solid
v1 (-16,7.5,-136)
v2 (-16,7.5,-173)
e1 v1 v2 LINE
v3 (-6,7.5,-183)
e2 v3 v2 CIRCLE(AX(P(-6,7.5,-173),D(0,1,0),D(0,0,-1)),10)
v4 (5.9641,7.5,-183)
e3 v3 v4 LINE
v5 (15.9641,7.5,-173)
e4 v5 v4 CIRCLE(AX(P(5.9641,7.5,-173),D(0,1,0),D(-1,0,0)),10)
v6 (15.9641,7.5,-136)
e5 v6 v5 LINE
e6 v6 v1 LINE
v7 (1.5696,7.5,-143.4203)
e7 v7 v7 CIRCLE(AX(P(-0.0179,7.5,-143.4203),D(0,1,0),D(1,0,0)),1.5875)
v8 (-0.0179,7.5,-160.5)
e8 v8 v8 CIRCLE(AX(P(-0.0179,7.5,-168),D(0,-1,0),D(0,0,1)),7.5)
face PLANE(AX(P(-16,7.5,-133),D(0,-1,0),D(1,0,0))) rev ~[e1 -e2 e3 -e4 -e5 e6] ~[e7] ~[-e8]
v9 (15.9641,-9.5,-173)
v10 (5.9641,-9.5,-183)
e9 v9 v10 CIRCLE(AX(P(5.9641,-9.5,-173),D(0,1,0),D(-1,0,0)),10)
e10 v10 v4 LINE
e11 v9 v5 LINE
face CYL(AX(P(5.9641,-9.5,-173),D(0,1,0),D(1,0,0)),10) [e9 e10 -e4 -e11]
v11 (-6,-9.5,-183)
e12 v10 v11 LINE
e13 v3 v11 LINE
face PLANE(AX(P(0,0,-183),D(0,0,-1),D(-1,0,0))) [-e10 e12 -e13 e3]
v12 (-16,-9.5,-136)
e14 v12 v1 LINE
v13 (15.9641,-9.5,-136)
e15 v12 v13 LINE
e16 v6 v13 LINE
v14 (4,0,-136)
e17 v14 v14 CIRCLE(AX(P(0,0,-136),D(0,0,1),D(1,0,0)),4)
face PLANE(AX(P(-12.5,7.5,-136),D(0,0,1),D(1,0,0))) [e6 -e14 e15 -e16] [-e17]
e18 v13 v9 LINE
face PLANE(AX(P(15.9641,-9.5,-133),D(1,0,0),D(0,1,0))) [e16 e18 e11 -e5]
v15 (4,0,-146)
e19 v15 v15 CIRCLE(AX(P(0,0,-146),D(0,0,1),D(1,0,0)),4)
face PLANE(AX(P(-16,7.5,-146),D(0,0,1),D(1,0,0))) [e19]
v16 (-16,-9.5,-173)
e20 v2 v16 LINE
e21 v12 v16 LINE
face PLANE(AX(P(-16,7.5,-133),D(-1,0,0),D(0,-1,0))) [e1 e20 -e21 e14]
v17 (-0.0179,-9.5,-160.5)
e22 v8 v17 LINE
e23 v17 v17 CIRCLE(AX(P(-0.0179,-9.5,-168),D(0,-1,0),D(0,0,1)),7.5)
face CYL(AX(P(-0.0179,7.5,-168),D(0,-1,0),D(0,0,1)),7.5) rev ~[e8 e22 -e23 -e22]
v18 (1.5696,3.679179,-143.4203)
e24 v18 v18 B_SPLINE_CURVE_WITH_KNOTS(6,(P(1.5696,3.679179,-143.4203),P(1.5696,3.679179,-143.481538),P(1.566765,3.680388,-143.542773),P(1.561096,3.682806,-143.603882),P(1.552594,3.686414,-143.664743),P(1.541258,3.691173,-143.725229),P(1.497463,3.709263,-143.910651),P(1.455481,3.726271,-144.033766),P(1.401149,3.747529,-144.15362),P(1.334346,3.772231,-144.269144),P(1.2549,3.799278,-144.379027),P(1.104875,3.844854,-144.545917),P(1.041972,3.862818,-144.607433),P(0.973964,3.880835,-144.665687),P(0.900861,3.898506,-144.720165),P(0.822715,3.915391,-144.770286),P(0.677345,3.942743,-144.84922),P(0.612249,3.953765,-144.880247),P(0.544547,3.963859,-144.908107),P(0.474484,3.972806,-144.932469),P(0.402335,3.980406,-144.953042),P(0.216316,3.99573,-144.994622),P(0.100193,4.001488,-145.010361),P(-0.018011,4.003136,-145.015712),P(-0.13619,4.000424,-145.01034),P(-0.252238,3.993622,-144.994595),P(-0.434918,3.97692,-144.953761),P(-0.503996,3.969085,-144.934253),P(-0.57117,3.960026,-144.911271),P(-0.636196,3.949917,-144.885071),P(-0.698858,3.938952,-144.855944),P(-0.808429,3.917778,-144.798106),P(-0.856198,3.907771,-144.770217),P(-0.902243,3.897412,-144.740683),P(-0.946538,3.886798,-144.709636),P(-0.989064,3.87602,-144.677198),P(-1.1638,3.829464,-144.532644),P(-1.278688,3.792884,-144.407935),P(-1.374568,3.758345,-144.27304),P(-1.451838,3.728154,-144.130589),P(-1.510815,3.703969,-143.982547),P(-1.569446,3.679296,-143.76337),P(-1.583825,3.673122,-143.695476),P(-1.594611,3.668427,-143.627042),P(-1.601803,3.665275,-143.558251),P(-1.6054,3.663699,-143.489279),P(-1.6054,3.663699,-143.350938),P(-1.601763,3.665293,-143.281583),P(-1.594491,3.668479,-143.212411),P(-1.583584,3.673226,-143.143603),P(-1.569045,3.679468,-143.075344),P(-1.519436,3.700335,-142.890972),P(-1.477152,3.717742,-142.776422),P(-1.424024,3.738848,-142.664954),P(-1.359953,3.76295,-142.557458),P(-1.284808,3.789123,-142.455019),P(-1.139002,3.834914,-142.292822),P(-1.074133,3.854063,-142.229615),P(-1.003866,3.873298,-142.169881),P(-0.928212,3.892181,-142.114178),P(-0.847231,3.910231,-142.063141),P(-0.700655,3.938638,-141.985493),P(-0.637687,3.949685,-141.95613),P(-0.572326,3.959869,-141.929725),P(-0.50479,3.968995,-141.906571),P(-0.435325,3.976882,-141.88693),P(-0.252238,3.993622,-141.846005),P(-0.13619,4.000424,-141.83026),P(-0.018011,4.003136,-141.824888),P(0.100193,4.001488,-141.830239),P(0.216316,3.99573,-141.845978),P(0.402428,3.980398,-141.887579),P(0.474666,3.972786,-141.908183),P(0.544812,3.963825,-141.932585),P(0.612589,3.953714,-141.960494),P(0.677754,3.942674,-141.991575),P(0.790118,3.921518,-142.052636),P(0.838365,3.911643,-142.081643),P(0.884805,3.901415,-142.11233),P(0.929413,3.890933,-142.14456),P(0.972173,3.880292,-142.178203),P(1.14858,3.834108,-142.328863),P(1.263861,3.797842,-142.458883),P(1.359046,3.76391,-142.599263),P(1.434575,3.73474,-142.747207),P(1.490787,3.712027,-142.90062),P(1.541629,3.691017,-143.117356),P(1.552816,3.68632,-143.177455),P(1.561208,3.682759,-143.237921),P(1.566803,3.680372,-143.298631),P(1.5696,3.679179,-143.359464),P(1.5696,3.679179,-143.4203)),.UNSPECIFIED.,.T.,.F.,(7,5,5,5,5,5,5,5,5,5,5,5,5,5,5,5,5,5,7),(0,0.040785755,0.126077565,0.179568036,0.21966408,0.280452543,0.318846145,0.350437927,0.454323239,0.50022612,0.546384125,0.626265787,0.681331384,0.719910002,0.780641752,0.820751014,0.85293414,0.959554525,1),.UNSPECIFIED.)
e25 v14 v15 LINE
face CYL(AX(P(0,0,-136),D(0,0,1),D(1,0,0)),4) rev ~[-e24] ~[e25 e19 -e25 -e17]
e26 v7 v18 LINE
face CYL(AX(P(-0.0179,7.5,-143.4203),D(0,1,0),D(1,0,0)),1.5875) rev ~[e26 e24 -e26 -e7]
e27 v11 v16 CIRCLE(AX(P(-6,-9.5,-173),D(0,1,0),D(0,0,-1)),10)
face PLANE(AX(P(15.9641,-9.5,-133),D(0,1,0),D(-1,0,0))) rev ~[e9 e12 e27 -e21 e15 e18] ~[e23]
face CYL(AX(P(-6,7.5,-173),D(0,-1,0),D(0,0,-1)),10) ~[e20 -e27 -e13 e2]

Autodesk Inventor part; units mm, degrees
ref_plane "YZ Plane" through (0, 0, 0) normal (1, 0, 0) x (0, 1, 0)
ref_plane "XZ Plane" through (0, 0, 0) normal (0, 1, 0) x (-1, 0, 0)
ref_plane "XY Plane" through (0, 0, 0) normal (0, 0, 1) x (1, 0, 0)
sketch "Sketch1" plane through (0, 0, 0) normal (0, 0, 1) x (1, 0, 0)
  circle A0 centre (0, 0) radius 7.5
  line L0 (-16, 7.5) -> (16, 7.5)
  line L1 (16, 7.5) -> (16, -9.5)
  line L2 (16, -9.5) -> (-16, -9.5)
  line L3 (-16, -9.5) -> (-16, 7.5)
  line L4 (-7.5, 0) -> (-7.5, 7.5)
  line L5 (7.5, 0) -> (7.5, 7.5)
  point P0 (0, -9.5)
  dimension "d0" = 15
  dimension "d5" = 32
  dimension "d6" = 2
extrude "Extrusion1" add sketch "Sketch1" along normal blind 24.2 contours A0 L5 L0 L1 L2 L3 L4
sketch "Sketch2" plane through (0, 0, 24.2) normal (0, 0, 1) x (1, 0, 0)
  line L0 (-16, -9.5) -> (16, -9.5) projected
  line L1 (16, -9.5) -> (16, 7.5) projected
  line L2 (16, 7.5) -> (7.5, 7.5) projected
  line L3 (7.5, 7.5) -> (7.5, 0) projected
  arc A0 (-7.5, 0) -> (7.5, 0) centre (0, 0) ccw projected
  line L4 (-7.5, 0) -> (-7.5, 7.5) projected
  line L5 (-7.5, 7.5) -> (-16, 7.5) projected
  line L6 (-16, 7.5) -> (-16, -9.5) projected
  circle A1 centre (0, 0) radius 4.25
  line L7 (-7.5, 7.5) -> (-16, 7.5) projected
  line L8 (-7.5, 7.5) -> (7.5, 7.5)
  dimension "d10" = 8.5
extrude "Extrusion3" add sketch "Sketch2" along normal blind 3
sketch "Sketch4" plane through (0, 0, 0) normal (0, 0, -1) x (-1, 0, 0)
  line L0 (-16, 7.5) -> (-7.5, 7.5) projected
  line L1 (-16, -9.5) -> (-16, 7.5) projected
  line L2 (16, -9.5) -> (-16, -9.5) projected
  line L3 (16, 7.5) -> (16, -9.5) projected
  line L4 (7.5, 7.5) -> (16, 7.5) projected
  line L5 (-7.5, 7.5) -> (7.5, 7.5) projected
  circle A0 centre (0, 0) radius 4.25 projected
extrude "Extrusion4" add sketch "Sketch4" along normal blind 3
sketch "Sketch5" plane through (0, 0, -3) normal (0, 0, -1) x (-1, 0, 0)
  line L0 (16, 7.5) -> (-16, 7.5) projected
  line L1 (16, -9.5) -> (16, 7.5) projected
  line L2 (-16, -9.5) -> (16, -9.5) projected
  line L3 (-16, 7.5) -> (-16, -9.5) projected
  circle A0 centre (0, 0) radius 7.5
  arc A1 (-7.5, 0) -> (7.5, 0) centre (0, 0) ccw projected
  line L4 (7.5, 0) -> (7.5, 7.5)
  line L5 (-16, 7.5) -> (16, 7.5) projected
  line L6 (-7.5, 7.5) -> (-7.5, 0) projected
  line L7 (-7.5, 0) -> (-7.5, 7.5)
extrude "Extrusion5" add sketch "Sketch5" along normal blind 130 contours L1 L2 L3 L0 L6 A0 L4
sketch "Sketch6" plane through (0, 0, -133) normal (0, 0, -1) x (-1, 0, 0)
  line L0 (0, 0) -> (0, -9.5) construction
  line L1 (16, -9.5) -> (-16, -9.5) construction
  line L2 (-16, 7.5) -> (-16, -9.5) construction
  point P0 (-12.5, -6)
  point P1 (12.5, -6)
  dimension "d17" = 3.5
  dimension "d18" = 3.5
hole "Hole1" at (12.5, -6, -133) at (-12.5, -6, -133) direction (0, 0, 1) diameter 2.3813 depth 10 tip angle 118
sketch "Sketch7" plane through (-16, 7.5, 27.2) normal (0, 1, 0) x (1, 0, 0)
  line L0 (16, 0) -> (16, 160.2) construction
  line L1 (32, 160.2) -> (0, 160.2) projected
  line L2 (0, 160.2) -> (0, 0) projected
  line L3 (32, 0) -> (0, 0) projected
  point P0 (16, 27.2)
  point P1 (3.5, 3.5)
  point P2 (3.5, 33.5)
  point P3 (3.5, 63.5)
  point P4 (3.5, 93.5)
  point P5 (3.5, 123.5)
  point P6 (3.5, 145.2)
  point P7 (28.5, 3.5)
  point P8 (28.5, 33.5)
  point P9 (28.5, 63.5)
  point P10 (28.5, 93.5)
  point P11 (28.5, 123.5)
  point P12 (28.5, 145.2)
  dimension "d27" = 3.5
  dimension "d44" = 30
  dimension "d49" = 3.5
  dimension "d50" = 15
hole "Hole3" at (-12.5, 7.5, 23.7) at (-12.5, 7.5, -6.3) at (-12.5, 7.5, -36.3) at (-12.5, 7.5, -66.3) at (-12.5, 7.5, -96.3) at (-12.5, 7.5, -118) at (12.5, 7.5, 23.7) at (12.5, 7.5, -6.3) at (12.5, 7.5, -36.3) at (12.5, 7.5, -66.3) at (12.5, 7.5, -96.3) at (12.5, 7.5, -118) direction (0, -1, 0) diameter 3.175 end through all
sketch "Sketch8" plane through (-16, -9.5, 27.2) normal (0, -1, 0) x (1, 0, 0)
  circle A0 centre (28.5, -3.5) radius 1.5875 projected
  line L0 (30.2321, -6.5) -> (26.7679, -6.5)
  line L1 (26.7679, -6.5) -> (25.0359, -3.5)
  line L2 (25.0359, -3.5) -> (26.7679, -0.5)
  line L3 (26.7679, -0.5) -> (30.2321, -0.5)
  line L4 (30.2321, -0.5) -> (31.9641, -3.5)
  line L5 (31.9641, -3.5) -> (30.2321, -6.5)
  line L6 (5.2321, -6.5) -> (1.7679, -6.5)
  line L7 (1.7679, -0.5) -> (5.2321, -0.5)
  line L8 (5.2321, -0.5) -> (6.9641, -3.5)
  line L9 (6.9641, -3.5) -> (5.2321, -6.5)
  line L10 (1.7679, -6.5) -> (0.0359, -3.5)
  line L11 (0.0359, -3.5) -> (1.7679, -0.5)
  line L12 (0, 0) -> (0, -160.2) projected
  line L13 (1.7679, -36.5) -> (0.0359, -33.5)
  line L14 (0.0359, -33.5) -> (1.7679, -30.5)
  line L15 (1.7679, -30.5) -> (5.2321, -30.5)
  line L16 (5.2321, -30.5) -> (6.9641, -33.5)
  line L17 (6.9641, -33.5) -> (5.2321, -36.5)
  line L18 (25.0359, -33.5) -> (26.7679, -30.5)
  line L19 (26.7679, -36.5) -> (25.0359, -33.5)
  line L20 (30.2321, -36.5) -> (26.7679, -36.5)
  line L21 (31.9641, -33.5) -> (30.2321, -36.5)
  line L22 (30.2321, -30.5) -> (31.9641, -33.5)
  line L23 (26.7679, -30.5) -> (30.2321, -30.5)
  line L24 (1.7679, -66.5) -> (0.0359, -63.5)
  line L25 (0.0359, -63.5) -> (1.7679, -60.5)
  line L26 (1.7679, -60.5) -> (5.2321, -60.5)
  line L27 (5.2321, -60.5) -> (6.9641, -63.5)
  line L28 (6.9641, -63.5) -> (5.2321, -66.5)
  line L29 (25.0359, -63.5) -> (26.7679, -60.5)
  line L30 (26.7679, -66.5) -> (25.0359, -63.5)
  line L31 (30.2321, -66.5) -> (26.7679, -66.5)
  line L32 (31.9641, -63.5) -> (30.2321, -66.5)
  line L33 (30.2321, -60.5) -> (31.9641, -63.5)
  line L34 (26.7679, -60.5) -> (30.2321, -60.5)
  line L35 (1.7679, -96.5) -> (0.0359, -93.5)
  line L36 (0.0359, -93.5) -> (1.7679, -90.5)
  line L37 (1.7679, -90.5) -> (5.2321, -90.5)
  line L38 (5.2321, -90.5) -> (6.9641, -93.5)
  line L39 (6.9641, -93.5) -> (5.2321, -96.5)
  line L40 (25.0359, -93.5) -> (26.7679, -90.5)
  line L41 (26.7679, -96.5) -> (25.0359, -93.5)
  line L42 (30.2321, -96.5) -> (26.7679, -96.5)
  line L43 (31.9641, -93.5) -> (30.2321, -96.5)
  line L44 (30.2321, -90.5) -> (31.9641, -93.5)
  line L45 (26.7679, -90.5) -> (30.2321, -90.5)
  line L46 (1.7679, -126.5) -> (0.0359, -123.5)
  line L47 (0.0359, -123.5) -> (1.7679, -120.5)
  line L48 (1.7679, -120.5) -> (5.2321, -120.5)
  line L49 (5.2321, -120.5) -> (6.9641, -123.5)
  line L50 (6.9641, -123.5) -> (5.2321, -126.5)
  line L51 (25.0359, -123.5) -> (26.7679, -120.5)
  line L52 (26.7679, -126.5) -> (25.0359, -123.5)
  line L53 (30.2321, -126.5) -> (26.7679, -126.5)
  line L54 (31.9641, -123.5) -> (30.2321, -126.5)
  line L55 (30.2321, -120.5) -> (31.9641, -123.5)
  line L56 (26.7679, -120.5) -> (30.2321, -120.5)
  line L57 (5.2321, -36.5) -> (1.7679, -36.5)
  line L58 (5.2321, -66.5) -> (1.7679, -66.5)
  line L59 (5.2321, -96.5) -> (1.7679, -96.5)
  line L60 (5.2321, -126.5) -> (1.7679, -126.5)
  line L61 (30.2321, -148) -> (26.7679, -148)
  line L62 (31.9641, -145) -> (30.2321, -148)
  line L63 (30.2321, -142) -> (31.9641, -145)
  line L64 (26.7679, -142) -> (30.2321, -142)
  line L65 (25.0359, -145) -> (26.7679, -142)
  line L66 (26.7679, -148) -> (25.0359, -145)
  line L67 (5.2321, -142) -> (6.9641, -145)
  line L68 (6.9641, -145) -> (5.2321, -148)
  line L69 (5.2321, -148) -> (1.7679, -148)
  line L70 (1.7679, -148) -> (0.0359, -145)
  line L71 (0.0359, -145) -> (1.7679, -142)
  line L72 (1.7679, -142) -> (5.2321, -142)
  point P0 (16, -27.2)
  point P1 (1.7679, -126.5)
  point P2 (5.2321, -126.5)
  dimension "d58" = 6
  dimension "d61" = 25
  dimension "d68" = 30
  dimension "d75" = 30
  dimension "d82" = 21.5
extrude "Extrusion6" cut sketch "Sketch8" against normal blind 4 contours A0 | L0 L1 L2 L3 L4 L5 | L6 L10 L11 L7 L8 L9 | L13 L14 L15 L16 L17 L57 | L18 L23 L22 L21 L20 L19 | L24 L25 L26 L27 L28 L58 | L29 L34 L33 L32 L31 L30 | L35 L36 L37 L38 L39 L59 | L40 L45 L44 L43 L42 L41 | L46 L47 L48 L49 L50 L60 | L51 L56 L55 L54 L53 L52 | L61 L66 L65 L64 L63 L62 | L67 L68 L69 L70 L71 L72
sketch "Sketch9" plane through (0, 0, -133) normal (0, 0, -1) x (-1, 0, 0)
  line L0 (-15.9641, -9.5) -> (-15.9641, -5.5) projected
  line L1 (16, 7.5) -> (16, -9.5) projected
  line L2 (-15.9641, -9.5) -> (16, -9.5)
  line L3 (16, -9.5) -> (16, 7.5)
  line L4 (16, 7.5) -> (-15.9641, 7.5)
  line L5 (-15.9641, 7.5) -> (-15.9641, -9.5)
  point P0 (0, 0)
extrude "Extrusion7" add sketch "Sketch9" along normal blind 50
fillet "Fillet1" radius 10 2 edges at (15.9641, -1, -183) (-16, -1, -183)
sketch "Sketch10" plane through (-16, 7.5, 27.2) normal (0, 1, 0) x (1, 0, 0)
  line L0 (10, 210.2) -> (21.9641, 210.2) projected
  point P0 (16, 27.2)
  point P1 (15.9821, 195.2)
  point P2 (15.9821, 210.2)
  point P3 (15.9821, 210.2)
  dimension "d94" = 15
hole "Hole4" at (-0.0179, 7.5, -168) direction (0, -1, 0) diameter 15 end through all
sketch "Sketch11" plane through (-16, 7.5, 27.2) normal (0, 1, 0) x (1, 0, 0)
  line L0 (28.5, 160.2) -> (3.5, 160.2)
  line L1 (3.5, 160.2) -> (3.5, 163.2)
  line L2 (3.5, 163.2) -> (28.5, 163.2)
  line L3 (28.5, 163.2) -> (28.5, 160.2)
  line L4 (8.5, 160.2) -> (23.5, 160.2) projected
  point P0 (16, 27.2)
  point P1 (3.5, 161.7)
  point P2 (16, 160.2)
  dimension "d102" = 25
  dimension "d103" = 3
extrude "Extrusion8" cut sketch "Sketch11" against normal blind 15
sketch "Sketch12" plane through (-12.5, 7.5, -136) normal (0, 0, 1) x (1, 0, 0)
  line L0 (-20.042, -34.0875) -> (45.042, -34.0875)
  line L1 (45.042, -34.0875) -> (45.042, 19.0875)
  line L2 (45.042, 19.0875) -> (-20.042, 19.0875)
  line L3 (-20.042, 19.0875) -> (-20.042, -34.0875)
  line L4 (-20.042, -34.0875) -> (45.042, 19.0875) construction
  line L5 (45.042, -34.0875) -> (-20.042, 19.0875) construction
  point P0 (12.5, -7.5)
extrude "Extrusion9" cut sketch "Sketch12" along normal through all
sketch "Sketch13" plane through (-16, 7.5, -136) normal (0, 0, 1) x (1, 0, 0)
  circle A0 centre (16, -7.5) radius 4
  dimension "d108" = 8
extrude "Extrusion10" cut sketch "Sketch13" against normal blind 10
sketch "Sketch14" plane through (-6, 7.5, -183) normal (0, 1, 0) x (1, 0, 0)
  circle A0 centre (5.9821, -39.5797) radius 1.5875
  point P0 (6, -183)
  dimension "d111" = 3.175
extrude "Extrusion11" cut sketch "Sketch14" against normal blind 10
properties part number "sujecion_v3"
